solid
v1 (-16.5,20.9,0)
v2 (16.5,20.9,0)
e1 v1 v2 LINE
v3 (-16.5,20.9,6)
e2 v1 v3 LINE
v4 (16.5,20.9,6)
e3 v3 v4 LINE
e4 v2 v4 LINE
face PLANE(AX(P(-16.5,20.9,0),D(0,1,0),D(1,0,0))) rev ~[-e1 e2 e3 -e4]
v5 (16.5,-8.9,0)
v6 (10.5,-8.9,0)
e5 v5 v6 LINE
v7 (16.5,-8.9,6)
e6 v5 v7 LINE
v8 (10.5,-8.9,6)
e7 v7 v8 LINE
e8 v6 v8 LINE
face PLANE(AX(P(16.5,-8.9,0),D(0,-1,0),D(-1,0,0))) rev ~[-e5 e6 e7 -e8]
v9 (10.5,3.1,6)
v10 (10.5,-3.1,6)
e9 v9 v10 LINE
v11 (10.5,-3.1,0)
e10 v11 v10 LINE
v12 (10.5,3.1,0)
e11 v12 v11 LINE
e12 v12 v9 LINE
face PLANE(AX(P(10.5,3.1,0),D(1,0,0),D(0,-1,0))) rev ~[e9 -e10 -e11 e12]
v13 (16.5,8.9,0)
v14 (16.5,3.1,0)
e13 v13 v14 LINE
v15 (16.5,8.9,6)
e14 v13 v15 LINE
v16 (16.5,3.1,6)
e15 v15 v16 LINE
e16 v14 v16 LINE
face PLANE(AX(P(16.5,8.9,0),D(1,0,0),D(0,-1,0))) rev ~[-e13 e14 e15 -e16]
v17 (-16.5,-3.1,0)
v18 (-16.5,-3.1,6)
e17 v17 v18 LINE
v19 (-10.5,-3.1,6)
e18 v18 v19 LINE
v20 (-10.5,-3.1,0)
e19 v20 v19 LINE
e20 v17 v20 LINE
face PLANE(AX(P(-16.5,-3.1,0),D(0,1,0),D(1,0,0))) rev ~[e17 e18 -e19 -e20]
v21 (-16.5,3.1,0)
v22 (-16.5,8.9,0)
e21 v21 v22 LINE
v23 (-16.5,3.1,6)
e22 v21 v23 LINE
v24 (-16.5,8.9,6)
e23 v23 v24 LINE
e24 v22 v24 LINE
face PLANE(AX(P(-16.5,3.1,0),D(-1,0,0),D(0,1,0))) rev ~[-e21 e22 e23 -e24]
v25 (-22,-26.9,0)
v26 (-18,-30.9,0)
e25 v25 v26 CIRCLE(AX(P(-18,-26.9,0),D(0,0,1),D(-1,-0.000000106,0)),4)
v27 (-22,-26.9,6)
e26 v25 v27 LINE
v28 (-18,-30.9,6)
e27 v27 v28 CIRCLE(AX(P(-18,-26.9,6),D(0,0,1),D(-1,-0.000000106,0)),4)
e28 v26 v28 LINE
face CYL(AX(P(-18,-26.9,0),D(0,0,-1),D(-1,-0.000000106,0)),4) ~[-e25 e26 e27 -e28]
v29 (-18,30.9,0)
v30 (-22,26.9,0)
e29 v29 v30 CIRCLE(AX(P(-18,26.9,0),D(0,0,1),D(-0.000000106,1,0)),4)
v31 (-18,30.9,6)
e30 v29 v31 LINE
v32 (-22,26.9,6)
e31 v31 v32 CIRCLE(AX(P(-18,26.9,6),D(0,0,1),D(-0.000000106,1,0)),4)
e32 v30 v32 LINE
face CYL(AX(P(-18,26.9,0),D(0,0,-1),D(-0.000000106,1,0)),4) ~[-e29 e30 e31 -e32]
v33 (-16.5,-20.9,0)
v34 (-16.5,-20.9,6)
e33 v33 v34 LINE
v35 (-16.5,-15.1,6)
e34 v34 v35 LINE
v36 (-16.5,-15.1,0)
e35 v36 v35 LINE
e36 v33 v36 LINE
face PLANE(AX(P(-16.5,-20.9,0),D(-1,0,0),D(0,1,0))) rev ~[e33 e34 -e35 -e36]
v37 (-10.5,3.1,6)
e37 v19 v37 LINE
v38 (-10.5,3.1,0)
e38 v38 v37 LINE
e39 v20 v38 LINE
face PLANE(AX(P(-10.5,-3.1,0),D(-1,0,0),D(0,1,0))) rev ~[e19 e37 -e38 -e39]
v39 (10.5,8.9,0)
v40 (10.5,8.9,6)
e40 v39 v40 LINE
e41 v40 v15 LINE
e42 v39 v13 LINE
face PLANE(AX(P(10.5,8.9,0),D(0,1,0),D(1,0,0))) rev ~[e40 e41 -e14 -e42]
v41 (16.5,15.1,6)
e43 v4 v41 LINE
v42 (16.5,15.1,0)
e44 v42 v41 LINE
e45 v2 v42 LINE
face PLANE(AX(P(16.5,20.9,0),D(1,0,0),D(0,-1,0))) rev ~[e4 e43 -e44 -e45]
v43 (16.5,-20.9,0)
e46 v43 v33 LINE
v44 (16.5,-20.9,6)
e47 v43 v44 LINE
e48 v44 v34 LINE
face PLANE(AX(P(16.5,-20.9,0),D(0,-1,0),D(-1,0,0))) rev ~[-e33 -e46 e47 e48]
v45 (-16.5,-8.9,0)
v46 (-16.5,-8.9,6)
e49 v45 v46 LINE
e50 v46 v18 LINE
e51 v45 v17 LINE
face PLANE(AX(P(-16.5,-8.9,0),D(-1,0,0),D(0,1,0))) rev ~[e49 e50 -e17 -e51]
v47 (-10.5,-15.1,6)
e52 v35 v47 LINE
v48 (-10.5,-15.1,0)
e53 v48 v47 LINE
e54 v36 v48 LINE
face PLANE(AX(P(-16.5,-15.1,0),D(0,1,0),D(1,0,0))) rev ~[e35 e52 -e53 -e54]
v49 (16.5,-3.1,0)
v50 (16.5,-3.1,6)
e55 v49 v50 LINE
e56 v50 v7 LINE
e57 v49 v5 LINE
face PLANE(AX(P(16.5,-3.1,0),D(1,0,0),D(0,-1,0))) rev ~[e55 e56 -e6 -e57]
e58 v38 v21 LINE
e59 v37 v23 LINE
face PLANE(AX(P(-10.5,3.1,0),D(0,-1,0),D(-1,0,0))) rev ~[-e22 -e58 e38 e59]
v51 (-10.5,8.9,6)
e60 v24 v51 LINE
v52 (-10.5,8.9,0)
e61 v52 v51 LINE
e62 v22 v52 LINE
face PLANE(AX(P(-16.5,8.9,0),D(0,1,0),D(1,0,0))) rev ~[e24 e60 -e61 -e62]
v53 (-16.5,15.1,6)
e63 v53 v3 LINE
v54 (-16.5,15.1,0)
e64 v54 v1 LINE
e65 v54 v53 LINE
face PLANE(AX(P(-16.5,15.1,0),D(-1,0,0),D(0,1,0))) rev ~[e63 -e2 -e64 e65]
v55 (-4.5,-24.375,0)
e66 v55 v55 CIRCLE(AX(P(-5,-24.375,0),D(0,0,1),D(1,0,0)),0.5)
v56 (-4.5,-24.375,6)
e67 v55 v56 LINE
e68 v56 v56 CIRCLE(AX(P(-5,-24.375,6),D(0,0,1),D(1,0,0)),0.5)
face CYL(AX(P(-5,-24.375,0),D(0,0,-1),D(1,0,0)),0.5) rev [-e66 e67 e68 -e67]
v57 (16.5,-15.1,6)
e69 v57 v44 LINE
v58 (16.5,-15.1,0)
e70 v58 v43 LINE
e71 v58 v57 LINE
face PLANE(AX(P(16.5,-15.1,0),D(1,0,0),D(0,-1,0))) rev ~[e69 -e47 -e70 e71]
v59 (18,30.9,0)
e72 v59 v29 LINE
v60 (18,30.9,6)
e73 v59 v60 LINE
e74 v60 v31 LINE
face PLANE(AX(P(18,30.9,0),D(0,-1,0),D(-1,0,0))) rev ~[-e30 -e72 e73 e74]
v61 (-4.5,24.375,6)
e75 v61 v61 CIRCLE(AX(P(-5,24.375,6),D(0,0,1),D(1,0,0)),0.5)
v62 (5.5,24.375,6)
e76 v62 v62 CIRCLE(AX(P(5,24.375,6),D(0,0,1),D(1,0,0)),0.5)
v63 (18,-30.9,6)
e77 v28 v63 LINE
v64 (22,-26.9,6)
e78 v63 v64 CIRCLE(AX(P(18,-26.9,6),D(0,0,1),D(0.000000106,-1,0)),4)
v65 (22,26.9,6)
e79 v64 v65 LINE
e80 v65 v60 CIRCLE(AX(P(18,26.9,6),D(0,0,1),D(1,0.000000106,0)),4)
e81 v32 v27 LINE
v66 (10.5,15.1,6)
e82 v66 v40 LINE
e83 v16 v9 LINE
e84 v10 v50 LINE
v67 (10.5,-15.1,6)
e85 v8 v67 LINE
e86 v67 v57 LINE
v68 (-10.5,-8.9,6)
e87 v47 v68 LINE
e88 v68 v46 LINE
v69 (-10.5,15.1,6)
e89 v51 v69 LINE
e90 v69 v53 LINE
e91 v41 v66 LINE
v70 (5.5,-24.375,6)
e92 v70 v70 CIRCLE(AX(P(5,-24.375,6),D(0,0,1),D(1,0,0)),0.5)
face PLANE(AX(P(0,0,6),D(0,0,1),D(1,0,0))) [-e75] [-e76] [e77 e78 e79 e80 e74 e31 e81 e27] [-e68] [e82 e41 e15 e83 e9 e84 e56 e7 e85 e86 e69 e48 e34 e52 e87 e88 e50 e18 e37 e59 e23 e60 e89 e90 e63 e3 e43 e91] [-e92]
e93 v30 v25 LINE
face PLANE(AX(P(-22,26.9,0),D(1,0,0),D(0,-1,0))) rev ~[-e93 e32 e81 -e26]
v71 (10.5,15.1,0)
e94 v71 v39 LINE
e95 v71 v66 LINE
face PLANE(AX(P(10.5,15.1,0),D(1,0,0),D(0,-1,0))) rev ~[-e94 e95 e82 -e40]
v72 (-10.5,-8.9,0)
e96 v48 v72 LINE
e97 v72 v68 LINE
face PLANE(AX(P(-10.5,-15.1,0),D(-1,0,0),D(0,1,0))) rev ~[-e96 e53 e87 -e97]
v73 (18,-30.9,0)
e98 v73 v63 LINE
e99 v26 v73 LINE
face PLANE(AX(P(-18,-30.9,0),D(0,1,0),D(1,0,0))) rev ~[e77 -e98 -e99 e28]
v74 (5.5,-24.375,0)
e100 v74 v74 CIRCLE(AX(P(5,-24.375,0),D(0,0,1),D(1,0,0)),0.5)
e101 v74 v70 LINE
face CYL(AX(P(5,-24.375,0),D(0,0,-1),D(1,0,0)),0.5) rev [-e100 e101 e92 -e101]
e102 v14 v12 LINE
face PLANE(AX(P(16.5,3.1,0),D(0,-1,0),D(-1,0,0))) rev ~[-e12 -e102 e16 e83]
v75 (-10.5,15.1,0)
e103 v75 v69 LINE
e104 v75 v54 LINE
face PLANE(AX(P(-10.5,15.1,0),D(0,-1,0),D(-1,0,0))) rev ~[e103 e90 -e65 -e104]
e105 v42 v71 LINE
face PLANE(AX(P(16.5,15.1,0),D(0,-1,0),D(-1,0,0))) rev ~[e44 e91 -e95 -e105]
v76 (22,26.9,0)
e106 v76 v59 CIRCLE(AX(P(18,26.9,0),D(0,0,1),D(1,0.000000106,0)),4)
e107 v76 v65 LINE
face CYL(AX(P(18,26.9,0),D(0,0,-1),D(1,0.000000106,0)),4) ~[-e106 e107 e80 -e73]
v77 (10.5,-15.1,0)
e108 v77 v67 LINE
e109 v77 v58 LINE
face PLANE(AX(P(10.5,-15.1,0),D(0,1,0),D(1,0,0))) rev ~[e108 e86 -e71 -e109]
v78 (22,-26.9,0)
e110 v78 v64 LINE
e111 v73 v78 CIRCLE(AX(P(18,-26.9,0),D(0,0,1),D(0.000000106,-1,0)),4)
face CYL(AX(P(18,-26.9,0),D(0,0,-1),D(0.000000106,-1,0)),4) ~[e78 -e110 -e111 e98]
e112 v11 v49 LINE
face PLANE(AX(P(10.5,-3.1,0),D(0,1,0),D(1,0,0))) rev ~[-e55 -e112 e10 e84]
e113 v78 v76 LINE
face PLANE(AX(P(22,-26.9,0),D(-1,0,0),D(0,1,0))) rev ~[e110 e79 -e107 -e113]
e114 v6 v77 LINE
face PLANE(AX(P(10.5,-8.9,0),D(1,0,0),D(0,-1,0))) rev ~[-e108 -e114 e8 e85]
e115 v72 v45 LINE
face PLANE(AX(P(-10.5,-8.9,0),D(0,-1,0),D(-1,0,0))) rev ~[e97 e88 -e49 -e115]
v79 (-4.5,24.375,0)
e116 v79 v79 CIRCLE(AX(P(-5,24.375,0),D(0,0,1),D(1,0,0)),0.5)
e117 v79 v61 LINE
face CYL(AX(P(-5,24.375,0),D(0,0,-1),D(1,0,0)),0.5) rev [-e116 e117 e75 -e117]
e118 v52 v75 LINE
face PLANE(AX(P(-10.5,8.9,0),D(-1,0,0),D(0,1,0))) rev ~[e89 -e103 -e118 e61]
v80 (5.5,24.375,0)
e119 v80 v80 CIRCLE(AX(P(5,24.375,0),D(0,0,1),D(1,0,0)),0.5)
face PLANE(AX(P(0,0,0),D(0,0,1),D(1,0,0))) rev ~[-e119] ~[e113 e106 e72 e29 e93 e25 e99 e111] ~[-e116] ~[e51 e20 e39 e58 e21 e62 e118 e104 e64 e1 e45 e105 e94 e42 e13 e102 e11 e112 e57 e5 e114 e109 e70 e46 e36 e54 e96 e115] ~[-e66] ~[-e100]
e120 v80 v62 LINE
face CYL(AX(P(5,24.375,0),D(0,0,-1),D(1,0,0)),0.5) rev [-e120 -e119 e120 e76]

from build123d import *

# Parameters (mm, degrees)
F0_R     = 0.5
F1_DEPTH = 6


with BuildPart() as f1:
    # F0 (on Top) → F1 (new body)
    with BuildSketch(Plane.XY):
        with BuildLine():
            Line((18, 30.9), (-18, 30.9))
            ThreePointArc((-18, 30.9), (-20.828427, 29.728427), (-22, 26.9))
            Line((-22, 26.9), (-22, -26.9))
            ThreePointArc((-22, -26.9), (-20.828427, -29.728427), (-18, -30.9))
            Line((-18, -30.9), (18, -30.9))
            ThreePointArc((18, -30.9), (20.828427, -29.728427), (22, -26.9))
            Line((22, -26.9), (22, 26.9))
            ThreePointArc((22, 26.9), (20.828427, 29.728427), (18, 30.9))
        make_face()
        with Locations((-5, -24.375)):
            Circle(F0_R, mode=Mode.SUBTRACT)
        with Locations((5, -24.375)):
            Circle(F0_R, mode=Mode.SUBTRACT)
        with Locations((-5, 24.375)):
            Circle(F0_R, mode=Mode.SUBTRACT)
        Polygon((-16.5, 20.9), (-10.5, 20.9), (10.5, 20.9), (16.5, 20.9), (16.5, 15.1), (10.5, 15.1), (10.5, 8.9), (16.5, 8.9), (16.5, 3.1), (10.5, 3.1), (10.5, -3.1), (16.5, -3.1), (16.5, -8.9), (10.5, -8.9), (10.5, -15.1), (16.5, -15.1), (16.5, -20.9), (10.5, -20.9), (-10.5, -20.9), (-16.5, -20.9), (-16.5, -15.1), (-10.5, -15.1), (-10.5, -8.9), (-16.5, -8.9), (-16.5, -3.1), (-10.5, -3.1), (-10.5, 3.1), (-16.5, 3.1), (-16.5, 8.9), (-10.5, 8.9), (-10.5, 15.1), (-16.5, 15.1), align=None, mode=Mode.SUBTRACT)
        with Locations((5, 24.375)):
            Circle(F0_R, mode=Mode.SUBTRACT)
    extrude(amount=F1_DEPTH)


solid = f1.part
